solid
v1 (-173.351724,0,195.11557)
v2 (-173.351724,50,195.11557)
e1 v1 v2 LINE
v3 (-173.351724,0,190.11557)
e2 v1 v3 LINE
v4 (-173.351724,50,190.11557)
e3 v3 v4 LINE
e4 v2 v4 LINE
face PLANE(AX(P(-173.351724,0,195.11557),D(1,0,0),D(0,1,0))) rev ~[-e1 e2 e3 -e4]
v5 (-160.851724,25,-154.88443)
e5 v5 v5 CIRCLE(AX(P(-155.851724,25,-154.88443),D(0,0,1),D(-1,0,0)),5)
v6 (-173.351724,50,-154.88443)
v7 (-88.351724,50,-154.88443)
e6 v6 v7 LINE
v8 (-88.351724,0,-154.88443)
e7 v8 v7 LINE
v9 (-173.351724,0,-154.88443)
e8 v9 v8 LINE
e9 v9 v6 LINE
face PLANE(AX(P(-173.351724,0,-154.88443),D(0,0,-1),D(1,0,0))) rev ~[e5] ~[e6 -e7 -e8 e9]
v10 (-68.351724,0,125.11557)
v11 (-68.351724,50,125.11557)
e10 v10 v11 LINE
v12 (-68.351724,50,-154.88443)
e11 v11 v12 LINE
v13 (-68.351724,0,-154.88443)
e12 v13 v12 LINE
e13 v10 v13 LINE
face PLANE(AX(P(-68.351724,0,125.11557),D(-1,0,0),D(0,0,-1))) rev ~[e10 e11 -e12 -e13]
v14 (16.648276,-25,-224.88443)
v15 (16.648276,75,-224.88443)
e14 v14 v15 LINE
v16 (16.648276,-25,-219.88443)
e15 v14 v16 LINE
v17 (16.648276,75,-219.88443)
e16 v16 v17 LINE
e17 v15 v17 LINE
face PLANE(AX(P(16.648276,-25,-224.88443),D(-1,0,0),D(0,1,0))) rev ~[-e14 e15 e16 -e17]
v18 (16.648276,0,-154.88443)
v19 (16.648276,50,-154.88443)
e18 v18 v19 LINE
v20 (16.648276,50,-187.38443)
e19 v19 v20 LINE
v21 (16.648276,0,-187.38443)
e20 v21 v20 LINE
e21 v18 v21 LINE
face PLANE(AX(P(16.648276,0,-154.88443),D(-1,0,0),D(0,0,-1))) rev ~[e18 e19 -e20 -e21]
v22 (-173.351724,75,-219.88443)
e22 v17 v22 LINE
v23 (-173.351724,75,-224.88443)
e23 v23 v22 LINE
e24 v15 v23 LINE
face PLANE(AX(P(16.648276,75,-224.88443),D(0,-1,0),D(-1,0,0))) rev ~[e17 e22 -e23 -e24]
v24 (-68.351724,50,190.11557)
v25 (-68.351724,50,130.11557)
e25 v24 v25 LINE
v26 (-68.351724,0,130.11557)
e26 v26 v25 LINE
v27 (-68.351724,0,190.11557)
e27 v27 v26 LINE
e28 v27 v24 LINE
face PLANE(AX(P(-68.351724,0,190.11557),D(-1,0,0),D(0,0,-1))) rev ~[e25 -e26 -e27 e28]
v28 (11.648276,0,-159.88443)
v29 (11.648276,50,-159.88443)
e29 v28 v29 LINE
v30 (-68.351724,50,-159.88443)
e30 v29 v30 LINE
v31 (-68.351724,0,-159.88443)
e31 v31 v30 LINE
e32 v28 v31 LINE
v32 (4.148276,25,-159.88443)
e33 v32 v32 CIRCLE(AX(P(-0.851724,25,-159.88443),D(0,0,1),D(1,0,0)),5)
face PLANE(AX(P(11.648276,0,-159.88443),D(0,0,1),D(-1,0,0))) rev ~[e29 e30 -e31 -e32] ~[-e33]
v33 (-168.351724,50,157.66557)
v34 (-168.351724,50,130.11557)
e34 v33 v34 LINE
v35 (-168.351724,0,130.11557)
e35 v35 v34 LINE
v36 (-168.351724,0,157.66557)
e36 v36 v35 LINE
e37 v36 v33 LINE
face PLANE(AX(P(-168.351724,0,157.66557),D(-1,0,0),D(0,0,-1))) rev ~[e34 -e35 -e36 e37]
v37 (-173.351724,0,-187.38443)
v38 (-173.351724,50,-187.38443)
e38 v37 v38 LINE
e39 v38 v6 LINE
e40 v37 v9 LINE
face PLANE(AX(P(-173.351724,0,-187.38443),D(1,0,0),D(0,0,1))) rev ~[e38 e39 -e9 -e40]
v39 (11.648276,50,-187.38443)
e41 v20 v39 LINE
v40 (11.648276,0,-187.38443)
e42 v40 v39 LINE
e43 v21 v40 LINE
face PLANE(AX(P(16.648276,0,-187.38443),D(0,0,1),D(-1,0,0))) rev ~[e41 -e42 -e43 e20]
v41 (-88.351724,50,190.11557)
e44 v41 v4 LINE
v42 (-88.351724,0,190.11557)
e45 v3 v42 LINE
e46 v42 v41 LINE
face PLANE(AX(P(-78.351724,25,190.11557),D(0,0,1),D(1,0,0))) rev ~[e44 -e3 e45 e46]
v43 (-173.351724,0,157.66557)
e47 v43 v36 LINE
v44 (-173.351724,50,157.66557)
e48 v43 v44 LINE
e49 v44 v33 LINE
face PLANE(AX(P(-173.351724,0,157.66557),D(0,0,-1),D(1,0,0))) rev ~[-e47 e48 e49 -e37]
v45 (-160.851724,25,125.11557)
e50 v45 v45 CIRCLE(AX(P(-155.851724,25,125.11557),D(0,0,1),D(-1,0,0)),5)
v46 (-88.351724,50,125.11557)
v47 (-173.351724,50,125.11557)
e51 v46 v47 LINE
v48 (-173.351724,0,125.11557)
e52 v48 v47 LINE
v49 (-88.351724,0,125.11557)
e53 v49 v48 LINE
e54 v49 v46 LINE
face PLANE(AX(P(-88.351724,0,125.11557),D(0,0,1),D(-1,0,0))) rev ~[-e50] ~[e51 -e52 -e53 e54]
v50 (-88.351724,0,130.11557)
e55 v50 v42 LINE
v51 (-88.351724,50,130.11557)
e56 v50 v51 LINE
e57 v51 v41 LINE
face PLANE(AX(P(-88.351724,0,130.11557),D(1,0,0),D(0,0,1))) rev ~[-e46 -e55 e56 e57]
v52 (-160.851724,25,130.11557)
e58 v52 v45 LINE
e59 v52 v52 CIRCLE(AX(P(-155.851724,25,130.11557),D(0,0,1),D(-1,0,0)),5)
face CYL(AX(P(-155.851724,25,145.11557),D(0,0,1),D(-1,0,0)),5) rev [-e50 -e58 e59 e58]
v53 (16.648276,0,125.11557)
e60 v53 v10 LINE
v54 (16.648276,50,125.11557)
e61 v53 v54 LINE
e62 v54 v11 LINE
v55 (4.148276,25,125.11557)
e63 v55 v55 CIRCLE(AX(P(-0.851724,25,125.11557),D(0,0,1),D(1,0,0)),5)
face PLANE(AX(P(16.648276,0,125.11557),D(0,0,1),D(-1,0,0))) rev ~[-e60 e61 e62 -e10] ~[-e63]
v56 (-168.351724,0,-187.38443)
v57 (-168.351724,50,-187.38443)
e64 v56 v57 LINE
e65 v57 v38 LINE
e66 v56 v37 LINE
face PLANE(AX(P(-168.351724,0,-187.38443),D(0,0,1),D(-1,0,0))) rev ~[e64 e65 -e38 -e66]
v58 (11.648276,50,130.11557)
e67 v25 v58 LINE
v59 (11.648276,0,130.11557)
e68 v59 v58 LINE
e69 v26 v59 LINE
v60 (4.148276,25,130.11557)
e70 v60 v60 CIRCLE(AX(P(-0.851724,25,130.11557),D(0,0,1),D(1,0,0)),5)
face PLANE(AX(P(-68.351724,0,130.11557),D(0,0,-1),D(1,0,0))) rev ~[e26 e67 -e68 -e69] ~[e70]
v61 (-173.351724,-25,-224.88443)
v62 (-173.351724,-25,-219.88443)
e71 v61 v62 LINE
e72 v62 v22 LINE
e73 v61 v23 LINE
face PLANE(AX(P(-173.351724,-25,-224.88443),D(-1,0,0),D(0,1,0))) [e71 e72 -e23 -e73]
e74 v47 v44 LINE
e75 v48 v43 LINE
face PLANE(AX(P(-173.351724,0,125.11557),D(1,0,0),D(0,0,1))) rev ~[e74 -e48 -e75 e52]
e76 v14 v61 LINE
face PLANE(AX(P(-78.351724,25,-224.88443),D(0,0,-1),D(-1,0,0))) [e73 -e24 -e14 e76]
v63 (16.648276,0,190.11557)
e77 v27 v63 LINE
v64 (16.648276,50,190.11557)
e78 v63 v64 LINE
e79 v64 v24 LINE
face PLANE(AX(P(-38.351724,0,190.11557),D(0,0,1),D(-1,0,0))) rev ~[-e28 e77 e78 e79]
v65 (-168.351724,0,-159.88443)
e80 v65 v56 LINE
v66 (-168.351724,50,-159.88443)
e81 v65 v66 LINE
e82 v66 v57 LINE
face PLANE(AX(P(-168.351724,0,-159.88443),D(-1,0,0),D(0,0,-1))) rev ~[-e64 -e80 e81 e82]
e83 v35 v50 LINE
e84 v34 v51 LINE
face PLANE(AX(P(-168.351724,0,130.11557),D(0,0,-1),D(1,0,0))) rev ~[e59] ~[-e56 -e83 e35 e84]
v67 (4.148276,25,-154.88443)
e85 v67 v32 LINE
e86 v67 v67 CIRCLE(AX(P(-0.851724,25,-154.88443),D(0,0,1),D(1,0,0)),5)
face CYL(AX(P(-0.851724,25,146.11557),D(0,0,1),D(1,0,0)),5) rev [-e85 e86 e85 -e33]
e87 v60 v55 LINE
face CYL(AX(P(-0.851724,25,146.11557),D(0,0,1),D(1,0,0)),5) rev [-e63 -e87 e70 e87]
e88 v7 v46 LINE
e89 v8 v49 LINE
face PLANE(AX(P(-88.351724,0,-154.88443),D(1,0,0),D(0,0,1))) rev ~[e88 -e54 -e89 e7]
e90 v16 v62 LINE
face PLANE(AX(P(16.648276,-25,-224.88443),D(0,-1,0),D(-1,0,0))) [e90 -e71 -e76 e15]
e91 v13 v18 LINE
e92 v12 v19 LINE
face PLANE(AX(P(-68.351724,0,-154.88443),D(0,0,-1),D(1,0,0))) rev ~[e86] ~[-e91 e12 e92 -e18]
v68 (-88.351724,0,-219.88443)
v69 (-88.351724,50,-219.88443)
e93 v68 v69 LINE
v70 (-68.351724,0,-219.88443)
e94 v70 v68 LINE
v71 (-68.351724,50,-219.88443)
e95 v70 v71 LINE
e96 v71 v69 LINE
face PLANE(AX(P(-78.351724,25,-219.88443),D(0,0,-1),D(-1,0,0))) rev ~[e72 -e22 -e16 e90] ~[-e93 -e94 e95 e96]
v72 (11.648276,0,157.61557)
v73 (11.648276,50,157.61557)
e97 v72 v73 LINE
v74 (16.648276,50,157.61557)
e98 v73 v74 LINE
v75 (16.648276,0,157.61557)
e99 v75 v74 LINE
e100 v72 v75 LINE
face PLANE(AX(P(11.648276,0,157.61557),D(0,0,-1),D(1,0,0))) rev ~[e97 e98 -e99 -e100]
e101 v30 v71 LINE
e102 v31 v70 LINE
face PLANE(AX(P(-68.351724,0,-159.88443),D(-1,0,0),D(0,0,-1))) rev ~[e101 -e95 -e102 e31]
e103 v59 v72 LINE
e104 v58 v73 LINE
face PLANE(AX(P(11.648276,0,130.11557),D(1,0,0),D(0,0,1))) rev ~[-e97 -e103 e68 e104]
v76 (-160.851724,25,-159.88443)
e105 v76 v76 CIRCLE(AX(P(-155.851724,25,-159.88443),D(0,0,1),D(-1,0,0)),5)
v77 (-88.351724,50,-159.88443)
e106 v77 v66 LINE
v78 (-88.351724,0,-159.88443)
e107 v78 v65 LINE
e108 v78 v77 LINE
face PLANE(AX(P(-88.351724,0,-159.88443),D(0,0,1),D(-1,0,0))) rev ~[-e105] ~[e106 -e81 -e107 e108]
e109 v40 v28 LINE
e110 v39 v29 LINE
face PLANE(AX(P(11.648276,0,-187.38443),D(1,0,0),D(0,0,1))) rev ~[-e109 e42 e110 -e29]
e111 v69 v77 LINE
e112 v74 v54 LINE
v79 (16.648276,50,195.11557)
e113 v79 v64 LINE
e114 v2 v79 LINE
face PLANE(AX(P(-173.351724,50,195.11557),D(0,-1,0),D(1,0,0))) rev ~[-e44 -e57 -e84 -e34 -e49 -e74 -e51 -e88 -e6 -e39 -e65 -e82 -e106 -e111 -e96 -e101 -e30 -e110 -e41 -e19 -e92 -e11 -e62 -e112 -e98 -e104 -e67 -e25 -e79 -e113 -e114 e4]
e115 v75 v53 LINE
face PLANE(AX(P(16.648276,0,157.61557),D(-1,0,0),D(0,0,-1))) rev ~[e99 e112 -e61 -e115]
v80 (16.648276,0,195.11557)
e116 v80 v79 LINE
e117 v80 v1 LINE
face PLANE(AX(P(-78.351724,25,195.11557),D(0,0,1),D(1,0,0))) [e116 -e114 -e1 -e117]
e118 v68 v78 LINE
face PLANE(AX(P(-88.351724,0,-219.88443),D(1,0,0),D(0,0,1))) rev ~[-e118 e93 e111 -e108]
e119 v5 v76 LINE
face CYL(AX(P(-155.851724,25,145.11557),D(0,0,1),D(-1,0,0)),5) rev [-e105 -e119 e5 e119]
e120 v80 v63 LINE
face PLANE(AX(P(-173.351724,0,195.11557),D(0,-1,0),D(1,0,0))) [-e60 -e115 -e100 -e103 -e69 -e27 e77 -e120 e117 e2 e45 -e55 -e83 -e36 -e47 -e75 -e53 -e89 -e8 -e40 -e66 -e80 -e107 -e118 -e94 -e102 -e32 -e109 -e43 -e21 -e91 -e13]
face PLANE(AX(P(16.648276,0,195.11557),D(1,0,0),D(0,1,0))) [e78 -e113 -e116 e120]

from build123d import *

# Parameters (mm, degrees)
BOSS_EXTRUDE1_DEPTH     = 50
SKETCH2_W               = 190
SKETCH2_H               = 100
BOSS_EXTRUDE2_DEPTH     = 5
SKETCH3_W               = 190
SKETCH3_H               = 50
BOSS_EXTRUDE3_DEPTH     = 5
CUT_EXTRUDE1_DEPTH      = 291
CUT_EXTRUDE1_DEPTH_BACK = 20
SKETCH4_R               = 5
CUT_EXTRUDE2_DEPTH      = 291
CUT_EXTRUDE2_DEPTH_BACK = 21
SKETCH5_R               = 5


with BuildPart() as part:
    # Sketch1 → Boss-Extrude1 (new body)
    with BuildSketch(Plane(origin=(0, 0, 0), x_dir=(1, 0, 0), z_dir=(0, 1, 0))):
        Polygon((-68.351724138, 159.884429765), (-68.351724138, 219.884429765), (-38.351724138, 219.884429765), (-38.351724138, 224.884429765), (-118.351724138, 224.884429765), (-118.351724138, 219.884429765), (-88.351724138, 219.884429765), (-88.351724138, 159.884429765), (-168.351724138, 159.884429765), (-168.351724138, 187.384429765), (-173.351724138, 187.384429765), (-173.351724138, 154.884429765), (-88.351724138, 154.884429765), (-88.351724138, -125.115570235), (-173.351724138, -125.115570235), (-173.351724138, -157.665570235), (-168.351724138, -157.665570235), (-168.351724138, -130.115570235), (-88.351724138, -130.115570235), (-88.351724138, -190.115570235), (-118.351724138, -190.115570235), (-118.351724138, -195.115570235), (-38.351724138, -195.115570235), (-38.351724138, -190.115570235), (-68.351724138, -190.115570235), (-68.351724138, -130.115570235), (11.648275862, -130.115570235), (11.648275862, -157.615570235), (16.648275862, -157.615570235), (16.648275862, -125.115570235), (-68.351724138, -125.115570235), (-68.351724138, 154.884429765), (16.648275862, 154.884429765), (16.648275862, 187.384429765), (11.648275862, 187.384429765), (11.648275862, 159.884429765), align=None)
    extrude(amount=BOSS_EXTRUDE1_DEPTH)

    # Sketch2 → Boss-Extrude2 (add)
    with BuildSketch(Plane(origin=(0, 0, -224.884429765), x_dir=(-1, 0, 0), z_dir=(0, 0, -1))):
        with Locations((78.351724138, 25)):
            Rectangle(SKETCH2_W, SKETCH2_H)
    extrude(amount=-BOSS_EXTRUDE2_DEPTH)

    # Sketch3 → Boss-Extrude3 (add)
    with BuildSketch(Plane.XY.offset(195.115570235)):
        with Locations((-78.351724138, 25)):
            Rectangle(SKETCH3_W, SKETCH3_H)
    extrude(amount=-BOSS_EXTRUDE3_DEPTH)

    # Sketch4 → Cut-Extrude1 (cut, two sides: drawn at the far end of the back side and taken through both)
    with BuildSketch(Plane(origin=(0, 0, 125.115570235), x_dir=(-1, 0, 0), z_dir=(0, 0, -1)).offset(-CUT_EXTRUDE1_DEPTH_BACK)):
        with Locations((155.851724138, 25)):
            Circle(SKETCH4_R)
    extrude(amount=CUT_EXTRUDE1_DEPTH + CUT_EXTRUDE1_DEPTH_BACK, mode=Mode.SUBTRACT)

    # Sketch5 → Cut-Extrude2 (cut, two sides: drawn at the far end of the back side and taken through both)
    with BuildSketch(Plane(origin=(0, 0, 125.115570235), x_dir=(-1, 0, 0), z_dir=(0, 0, -1)).offset(-CUT_EXTRUDE2_DEPTH_BACK)):
        with Locations(Location((0.851724138, 25, 0), (0, 0, 180))):
            Circle(SKETCH5_R)
    extrude(amount=CUT_EXTRUDE2_DEPTH + CUT_EXTRUDE2_DEPTH_BACK, mode=Mode.SUBTRACT)


solid = part.part
